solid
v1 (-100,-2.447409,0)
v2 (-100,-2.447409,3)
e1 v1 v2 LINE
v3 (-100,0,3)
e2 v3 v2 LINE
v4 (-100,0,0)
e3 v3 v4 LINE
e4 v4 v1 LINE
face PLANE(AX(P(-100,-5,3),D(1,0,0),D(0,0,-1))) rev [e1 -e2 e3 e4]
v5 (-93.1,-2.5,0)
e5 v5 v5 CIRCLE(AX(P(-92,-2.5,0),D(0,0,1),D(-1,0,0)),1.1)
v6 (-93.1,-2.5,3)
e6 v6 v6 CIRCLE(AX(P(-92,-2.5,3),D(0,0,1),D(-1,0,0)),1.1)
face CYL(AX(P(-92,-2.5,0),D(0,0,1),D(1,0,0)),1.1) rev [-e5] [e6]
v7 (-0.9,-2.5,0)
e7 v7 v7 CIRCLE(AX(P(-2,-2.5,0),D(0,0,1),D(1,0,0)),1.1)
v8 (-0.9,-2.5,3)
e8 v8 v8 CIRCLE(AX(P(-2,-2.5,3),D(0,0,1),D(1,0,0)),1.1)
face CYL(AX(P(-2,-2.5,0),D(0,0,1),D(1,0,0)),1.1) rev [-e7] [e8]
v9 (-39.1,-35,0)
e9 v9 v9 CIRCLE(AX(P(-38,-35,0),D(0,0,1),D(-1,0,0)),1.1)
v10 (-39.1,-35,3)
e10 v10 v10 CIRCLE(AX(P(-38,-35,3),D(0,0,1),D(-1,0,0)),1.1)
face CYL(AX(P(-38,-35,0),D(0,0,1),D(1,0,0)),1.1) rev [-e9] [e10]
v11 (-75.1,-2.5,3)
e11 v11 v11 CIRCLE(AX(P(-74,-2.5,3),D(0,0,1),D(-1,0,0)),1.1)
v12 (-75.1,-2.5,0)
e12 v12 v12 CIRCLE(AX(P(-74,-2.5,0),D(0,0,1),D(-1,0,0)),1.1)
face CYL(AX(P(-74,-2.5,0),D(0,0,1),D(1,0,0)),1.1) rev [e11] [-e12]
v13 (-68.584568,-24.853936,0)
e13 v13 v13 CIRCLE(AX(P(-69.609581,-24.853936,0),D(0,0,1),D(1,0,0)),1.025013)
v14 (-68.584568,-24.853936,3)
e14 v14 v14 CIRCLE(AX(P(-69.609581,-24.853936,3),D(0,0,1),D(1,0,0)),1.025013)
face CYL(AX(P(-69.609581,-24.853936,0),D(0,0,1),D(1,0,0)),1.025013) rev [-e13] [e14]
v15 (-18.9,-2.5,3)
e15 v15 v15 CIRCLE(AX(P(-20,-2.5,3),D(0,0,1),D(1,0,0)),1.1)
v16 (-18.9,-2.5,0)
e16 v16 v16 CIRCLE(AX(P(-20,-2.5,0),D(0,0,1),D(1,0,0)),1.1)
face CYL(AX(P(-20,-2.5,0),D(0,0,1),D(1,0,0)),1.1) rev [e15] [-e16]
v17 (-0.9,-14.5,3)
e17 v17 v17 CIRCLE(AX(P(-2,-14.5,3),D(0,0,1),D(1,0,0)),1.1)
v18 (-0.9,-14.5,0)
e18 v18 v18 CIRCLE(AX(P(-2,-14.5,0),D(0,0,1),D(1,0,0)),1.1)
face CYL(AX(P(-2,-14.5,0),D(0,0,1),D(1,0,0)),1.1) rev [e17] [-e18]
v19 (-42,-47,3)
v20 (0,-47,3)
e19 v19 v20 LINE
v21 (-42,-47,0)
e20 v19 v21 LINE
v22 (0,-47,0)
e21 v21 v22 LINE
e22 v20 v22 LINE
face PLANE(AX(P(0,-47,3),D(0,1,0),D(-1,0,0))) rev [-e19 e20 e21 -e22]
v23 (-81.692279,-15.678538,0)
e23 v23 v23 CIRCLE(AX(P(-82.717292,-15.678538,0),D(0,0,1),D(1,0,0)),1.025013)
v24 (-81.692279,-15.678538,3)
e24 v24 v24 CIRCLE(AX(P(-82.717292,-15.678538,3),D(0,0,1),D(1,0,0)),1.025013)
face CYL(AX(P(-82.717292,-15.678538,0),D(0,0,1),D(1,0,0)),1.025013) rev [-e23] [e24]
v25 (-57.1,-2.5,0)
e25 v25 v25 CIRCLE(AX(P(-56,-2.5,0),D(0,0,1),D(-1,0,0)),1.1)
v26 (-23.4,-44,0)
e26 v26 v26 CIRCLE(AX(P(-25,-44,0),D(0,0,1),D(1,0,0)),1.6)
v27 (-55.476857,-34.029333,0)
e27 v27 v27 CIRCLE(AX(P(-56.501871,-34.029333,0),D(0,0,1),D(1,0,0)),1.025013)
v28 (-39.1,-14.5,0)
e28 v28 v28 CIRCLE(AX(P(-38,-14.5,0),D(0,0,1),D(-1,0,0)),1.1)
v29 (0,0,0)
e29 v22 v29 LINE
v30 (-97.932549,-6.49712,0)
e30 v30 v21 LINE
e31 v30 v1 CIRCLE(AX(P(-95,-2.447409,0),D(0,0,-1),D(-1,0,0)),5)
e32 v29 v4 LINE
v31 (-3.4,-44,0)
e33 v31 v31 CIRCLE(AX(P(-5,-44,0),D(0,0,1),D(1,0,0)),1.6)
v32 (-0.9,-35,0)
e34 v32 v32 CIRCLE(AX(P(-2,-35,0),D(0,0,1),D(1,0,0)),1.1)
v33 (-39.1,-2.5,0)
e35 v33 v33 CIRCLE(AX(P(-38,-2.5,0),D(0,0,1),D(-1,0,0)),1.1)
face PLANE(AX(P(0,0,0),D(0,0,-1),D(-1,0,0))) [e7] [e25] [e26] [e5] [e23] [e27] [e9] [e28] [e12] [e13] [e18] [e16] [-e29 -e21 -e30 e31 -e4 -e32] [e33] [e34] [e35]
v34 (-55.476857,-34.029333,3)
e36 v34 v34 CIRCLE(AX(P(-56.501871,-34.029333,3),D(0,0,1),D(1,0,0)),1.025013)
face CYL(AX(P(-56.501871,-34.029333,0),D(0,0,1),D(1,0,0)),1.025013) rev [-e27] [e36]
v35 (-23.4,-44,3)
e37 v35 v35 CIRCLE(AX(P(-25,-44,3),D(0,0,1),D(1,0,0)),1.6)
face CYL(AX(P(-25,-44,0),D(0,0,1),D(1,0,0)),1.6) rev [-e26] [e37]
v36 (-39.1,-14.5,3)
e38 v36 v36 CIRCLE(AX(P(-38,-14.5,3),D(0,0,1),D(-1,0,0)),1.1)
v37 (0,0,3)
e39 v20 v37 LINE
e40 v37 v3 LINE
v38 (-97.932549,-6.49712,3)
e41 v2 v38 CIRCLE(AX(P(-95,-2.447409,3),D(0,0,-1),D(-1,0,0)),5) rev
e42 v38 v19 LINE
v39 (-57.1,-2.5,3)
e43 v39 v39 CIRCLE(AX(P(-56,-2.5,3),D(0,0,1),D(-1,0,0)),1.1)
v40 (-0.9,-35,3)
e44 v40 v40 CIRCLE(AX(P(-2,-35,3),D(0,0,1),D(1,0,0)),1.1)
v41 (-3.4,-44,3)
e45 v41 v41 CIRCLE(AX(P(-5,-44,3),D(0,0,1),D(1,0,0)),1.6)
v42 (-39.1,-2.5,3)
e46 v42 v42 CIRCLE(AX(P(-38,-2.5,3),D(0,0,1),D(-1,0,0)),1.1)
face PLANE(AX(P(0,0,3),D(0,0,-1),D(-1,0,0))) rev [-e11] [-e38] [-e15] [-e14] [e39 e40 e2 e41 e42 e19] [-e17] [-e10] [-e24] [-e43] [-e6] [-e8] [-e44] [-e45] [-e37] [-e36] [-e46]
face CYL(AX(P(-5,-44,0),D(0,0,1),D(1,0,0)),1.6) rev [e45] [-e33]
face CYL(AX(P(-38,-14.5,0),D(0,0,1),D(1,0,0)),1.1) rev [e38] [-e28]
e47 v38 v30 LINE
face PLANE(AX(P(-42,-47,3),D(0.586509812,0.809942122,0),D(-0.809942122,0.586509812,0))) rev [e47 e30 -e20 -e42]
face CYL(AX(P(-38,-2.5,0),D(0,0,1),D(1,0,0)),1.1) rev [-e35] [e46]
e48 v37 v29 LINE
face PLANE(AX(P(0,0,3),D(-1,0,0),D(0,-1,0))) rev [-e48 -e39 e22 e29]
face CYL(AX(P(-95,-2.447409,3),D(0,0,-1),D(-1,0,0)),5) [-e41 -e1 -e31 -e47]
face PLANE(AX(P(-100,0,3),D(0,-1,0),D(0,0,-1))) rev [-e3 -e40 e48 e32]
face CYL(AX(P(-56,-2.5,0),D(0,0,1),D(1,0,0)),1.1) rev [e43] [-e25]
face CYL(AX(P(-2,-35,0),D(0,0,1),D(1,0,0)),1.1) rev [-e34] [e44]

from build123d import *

# Parameters (mm, degrees)
EXTRUDE_1_DEPTH     = 3
SKETCH_2_R          = 1.1
SKETCH_2_R_2        = 1.025013192
SKETCH_2_R_3        = 1.6
CUT_EXTRUDE_2_DEPTH = 111.535062311
FILLET_1_R          = 5


with BuildPart() as part:
    # 草图1 → 凸台-拉伸1 (new body)
    with BuildSketch(Plane.XY):
        Polygon((0, 0), (0, -47), (-42, -47), (-100, -5), (-100, 0), align=None)
    extrude(amount=EXTRUDE_1_DEPTH)

    # 草图2 → 切除-拉伸2 (cut, through all)
    with BuildSketch(Plane.XY.offset(3)):
        with Locations(Location((-38, -35, 0), (0, 0, 180))):
            Circle(SKETCH_2_R)
        with Locations(Location((-38, -14.5, 0), (0, 0, 180))):
            Circle(SKETCH_2_R)
        with Locations(Location((-38, -2.5, 0), (0, 0, 180))):
            Circle(SKETCH_2_R)
        with Locations(Location((-56, -2.5, 0), (0, 0, 180))):
            Circle(SKETCH_2_R)
        with Locations(Location((-74, -2.5, 0), (0, 0, 180))):
            Circle(SKETCH_2_R)
        with Locations(Location((-92, -2.5, 0), (0, 0, 180))):
            Circle(SKETCH_2_R)
        with Locations((-56.501870582, -34.029333193)):
            Circle(SKETCH_2_R_2)
        with Locations((-69.609581311, -24.853935684)):
            Circle(SKETCH_2_R_2)
        with Locations((-82.717292039, -15.678538174)):
            Circle(SKETCH_2_R_2)
        with Locations((-20, -2.5)):
            Circle(SKETCH_2_R)
        with Locations((-2, -2.5)):
            Circle(SKETCH_2_R)
        with Locations((-2, -14.5)):
            Circle(SKETCH_2_R)
        with Locations((-2, -35)):
            Circle(SKETCH_2_R)
        with Locations((-5, -44)):
            Circle(SKETCH_2_R_3)
        with Locations((-25, -44)):
            Circle(SKETCH_2_R_3)
    extrude(amount=-CUT_EXTRUDE_2_DEPTH, mode=Mode.SUBTRACT)

    # 圆角1
    fillet_1_edges = [part.edges().sort_by_distance(p)[0] for p in [
        (-100, -5, 1.5),
    ]]
    fillet(fillet_1_edges, radius=FILLET_1_R)


solid = part.part
